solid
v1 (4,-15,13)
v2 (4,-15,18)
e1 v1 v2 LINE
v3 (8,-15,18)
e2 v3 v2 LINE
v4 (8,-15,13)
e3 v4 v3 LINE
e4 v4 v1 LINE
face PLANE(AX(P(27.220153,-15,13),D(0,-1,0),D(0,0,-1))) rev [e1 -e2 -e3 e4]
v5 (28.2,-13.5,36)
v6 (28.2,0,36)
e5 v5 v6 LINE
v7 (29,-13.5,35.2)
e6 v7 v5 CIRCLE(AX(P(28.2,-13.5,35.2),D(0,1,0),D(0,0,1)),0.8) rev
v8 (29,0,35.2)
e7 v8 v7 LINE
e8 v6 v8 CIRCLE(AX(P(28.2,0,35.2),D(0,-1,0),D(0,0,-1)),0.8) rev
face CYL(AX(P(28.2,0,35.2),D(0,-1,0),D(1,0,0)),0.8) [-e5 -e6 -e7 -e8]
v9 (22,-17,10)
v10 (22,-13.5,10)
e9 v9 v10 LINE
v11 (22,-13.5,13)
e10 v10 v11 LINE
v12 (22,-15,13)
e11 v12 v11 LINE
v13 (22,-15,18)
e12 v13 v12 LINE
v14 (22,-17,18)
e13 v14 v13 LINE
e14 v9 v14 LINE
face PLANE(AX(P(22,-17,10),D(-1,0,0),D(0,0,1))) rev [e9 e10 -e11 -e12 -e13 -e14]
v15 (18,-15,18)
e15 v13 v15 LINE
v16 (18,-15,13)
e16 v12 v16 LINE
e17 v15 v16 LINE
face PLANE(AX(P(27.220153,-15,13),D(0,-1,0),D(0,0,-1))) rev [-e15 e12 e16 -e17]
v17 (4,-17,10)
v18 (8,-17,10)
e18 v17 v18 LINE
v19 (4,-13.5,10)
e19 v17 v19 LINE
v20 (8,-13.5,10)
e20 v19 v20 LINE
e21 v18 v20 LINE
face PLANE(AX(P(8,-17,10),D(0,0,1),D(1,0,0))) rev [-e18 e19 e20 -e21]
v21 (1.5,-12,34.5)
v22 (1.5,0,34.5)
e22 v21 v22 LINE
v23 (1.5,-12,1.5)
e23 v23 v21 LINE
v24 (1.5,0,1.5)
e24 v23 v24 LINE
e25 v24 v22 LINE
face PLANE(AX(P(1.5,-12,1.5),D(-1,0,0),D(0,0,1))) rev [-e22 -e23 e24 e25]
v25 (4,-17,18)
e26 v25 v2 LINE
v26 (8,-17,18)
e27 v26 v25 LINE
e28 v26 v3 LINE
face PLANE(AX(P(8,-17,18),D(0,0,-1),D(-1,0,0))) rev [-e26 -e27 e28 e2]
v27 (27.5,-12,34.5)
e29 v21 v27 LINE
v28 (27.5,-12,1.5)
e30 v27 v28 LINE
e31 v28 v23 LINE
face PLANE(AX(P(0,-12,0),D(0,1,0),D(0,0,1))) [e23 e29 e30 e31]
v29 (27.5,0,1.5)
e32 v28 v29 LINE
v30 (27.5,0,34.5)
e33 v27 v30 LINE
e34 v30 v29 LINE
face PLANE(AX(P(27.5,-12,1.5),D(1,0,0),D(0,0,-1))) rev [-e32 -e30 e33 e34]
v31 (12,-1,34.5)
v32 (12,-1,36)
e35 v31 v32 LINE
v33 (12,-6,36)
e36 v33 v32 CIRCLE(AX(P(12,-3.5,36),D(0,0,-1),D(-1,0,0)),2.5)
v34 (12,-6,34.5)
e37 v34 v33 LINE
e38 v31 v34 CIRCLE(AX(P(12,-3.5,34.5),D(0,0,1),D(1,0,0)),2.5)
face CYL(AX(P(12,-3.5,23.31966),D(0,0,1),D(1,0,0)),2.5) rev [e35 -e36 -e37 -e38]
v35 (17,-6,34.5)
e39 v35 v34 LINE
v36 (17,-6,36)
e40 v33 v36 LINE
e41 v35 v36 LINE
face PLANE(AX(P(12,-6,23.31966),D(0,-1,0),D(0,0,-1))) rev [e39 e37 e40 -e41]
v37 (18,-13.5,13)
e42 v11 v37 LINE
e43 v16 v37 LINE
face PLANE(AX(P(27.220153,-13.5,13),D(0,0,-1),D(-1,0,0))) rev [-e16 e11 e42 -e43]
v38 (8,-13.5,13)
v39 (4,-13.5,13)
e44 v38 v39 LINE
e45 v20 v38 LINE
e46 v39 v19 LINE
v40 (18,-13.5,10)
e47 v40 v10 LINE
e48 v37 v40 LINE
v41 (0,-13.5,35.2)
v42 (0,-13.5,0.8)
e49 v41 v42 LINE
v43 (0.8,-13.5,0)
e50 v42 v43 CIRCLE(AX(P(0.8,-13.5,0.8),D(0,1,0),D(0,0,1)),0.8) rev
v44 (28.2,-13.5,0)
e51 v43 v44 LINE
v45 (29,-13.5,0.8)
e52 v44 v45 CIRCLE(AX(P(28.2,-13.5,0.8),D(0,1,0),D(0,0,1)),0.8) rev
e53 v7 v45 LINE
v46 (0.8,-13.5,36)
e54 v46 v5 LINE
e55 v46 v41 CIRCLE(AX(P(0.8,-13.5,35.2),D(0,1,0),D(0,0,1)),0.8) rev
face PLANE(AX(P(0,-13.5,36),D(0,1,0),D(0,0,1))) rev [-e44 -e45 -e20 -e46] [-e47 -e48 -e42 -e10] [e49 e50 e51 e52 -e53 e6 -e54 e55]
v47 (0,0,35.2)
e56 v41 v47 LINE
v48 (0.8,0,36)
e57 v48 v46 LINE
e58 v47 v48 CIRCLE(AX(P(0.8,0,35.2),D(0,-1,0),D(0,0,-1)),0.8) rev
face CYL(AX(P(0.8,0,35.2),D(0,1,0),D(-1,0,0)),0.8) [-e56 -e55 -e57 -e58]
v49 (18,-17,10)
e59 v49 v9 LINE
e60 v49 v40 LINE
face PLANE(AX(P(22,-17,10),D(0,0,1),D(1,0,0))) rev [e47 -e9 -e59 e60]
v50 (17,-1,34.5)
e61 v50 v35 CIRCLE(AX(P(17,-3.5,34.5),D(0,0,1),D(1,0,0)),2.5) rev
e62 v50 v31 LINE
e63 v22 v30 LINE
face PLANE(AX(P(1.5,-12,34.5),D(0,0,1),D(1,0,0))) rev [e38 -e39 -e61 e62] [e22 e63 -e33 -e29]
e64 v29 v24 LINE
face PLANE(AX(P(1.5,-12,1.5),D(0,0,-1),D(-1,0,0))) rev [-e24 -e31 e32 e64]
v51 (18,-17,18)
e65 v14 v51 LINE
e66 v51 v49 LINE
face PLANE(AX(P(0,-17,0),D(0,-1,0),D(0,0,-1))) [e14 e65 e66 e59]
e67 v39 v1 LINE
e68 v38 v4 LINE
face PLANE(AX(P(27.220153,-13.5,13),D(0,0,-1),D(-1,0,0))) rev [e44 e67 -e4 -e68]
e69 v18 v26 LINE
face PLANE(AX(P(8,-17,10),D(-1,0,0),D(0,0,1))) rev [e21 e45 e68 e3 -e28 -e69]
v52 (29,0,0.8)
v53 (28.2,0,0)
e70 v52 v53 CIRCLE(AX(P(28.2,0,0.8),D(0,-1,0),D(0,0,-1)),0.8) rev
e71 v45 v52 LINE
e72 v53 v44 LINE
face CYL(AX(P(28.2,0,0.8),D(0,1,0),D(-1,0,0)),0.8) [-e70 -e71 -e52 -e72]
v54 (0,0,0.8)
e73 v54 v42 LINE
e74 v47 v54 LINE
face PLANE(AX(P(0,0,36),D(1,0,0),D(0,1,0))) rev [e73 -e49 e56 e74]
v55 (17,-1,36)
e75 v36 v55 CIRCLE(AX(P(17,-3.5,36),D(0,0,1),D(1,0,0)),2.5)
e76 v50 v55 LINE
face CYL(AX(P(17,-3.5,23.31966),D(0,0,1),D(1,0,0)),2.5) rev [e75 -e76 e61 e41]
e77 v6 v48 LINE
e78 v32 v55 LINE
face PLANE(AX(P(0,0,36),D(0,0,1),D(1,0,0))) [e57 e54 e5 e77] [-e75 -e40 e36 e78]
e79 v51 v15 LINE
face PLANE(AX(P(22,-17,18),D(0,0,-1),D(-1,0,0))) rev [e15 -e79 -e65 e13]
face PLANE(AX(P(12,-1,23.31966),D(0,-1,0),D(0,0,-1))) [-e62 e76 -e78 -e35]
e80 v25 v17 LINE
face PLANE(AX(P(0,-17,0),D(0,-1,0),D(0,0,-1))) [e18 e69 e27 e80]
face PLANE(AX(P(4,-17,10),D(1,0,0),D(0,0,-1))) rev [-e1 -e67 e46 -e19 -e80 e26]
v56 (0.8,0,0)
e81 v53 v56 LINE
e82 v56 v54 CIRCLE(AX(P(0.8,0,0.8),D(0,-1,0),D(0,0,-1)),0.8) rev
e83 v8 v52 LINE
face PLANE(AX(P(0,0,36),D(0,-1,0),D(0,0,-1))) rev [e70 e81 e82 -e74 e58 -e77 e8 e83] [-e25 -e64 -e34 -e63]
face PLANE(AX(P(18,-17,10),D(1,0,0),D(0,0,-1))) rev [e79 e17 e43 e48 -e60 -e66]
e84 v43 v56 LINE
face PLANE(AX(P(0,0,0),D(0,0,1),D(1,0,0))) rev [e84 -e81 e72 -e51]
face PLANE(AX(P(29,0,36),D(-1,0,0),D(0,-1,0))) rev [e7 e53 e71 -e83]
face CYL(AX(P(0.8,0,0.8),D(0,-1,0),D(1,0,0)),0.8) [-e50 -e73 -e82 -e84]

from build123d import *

# Parameters (mm, degrees)
SKETCH1_W           = 29
SKETCH1_H           = 13.5
BOSS_EXTRUDE1_DEPTH = 36
SKETCH2_W           = 26
SKETCH2_H           = 33
CUT_EXTRUDE1_DEPTH  = 12
CUT_EXTRUDE2_DEPTH  = 1.5
FILLET1_R           = 0.8
SKETCH5_W           = 4
SKETCH5_H           = 8
BOSS_EXTRUDE2_DEPTH = 3.5
CUT_EXTRUDE3_REACH  = 49.011
SKETCH6_W           = 5
SKETCH6_H           = 1.5


with BuildPart() as part:
    # Sketch1 → Boss-Extrude1 (new body)
    with BuildSketch(Plane.XY):
        with Locations((14.5, -6.75)):
            Rectangle(SKETCH1_W, SKETCH1_H)
    extrude(amount=BOSS_EXTRUDE1_DEPTH)

    # Sketch2 → Cut-Extrude1 (cut)
    with BuildSketch(Plane(origin=(0, 0, 0), x_dir=(1, 0, 0), z_dir=(0, 1, 0))):
        with Locations((14.5, -18)):
            Rectangle(SKETCH2_W, SKETCH2_H)
    extrude(amount=-CUT_EXTRUDE1_DEPTH, mode=Mode.SUBTRACT)

    # Sketch3 → Cut-Extrude2 (cut)
    with BuildSketch(Plane.XY.offset(36)):
        with BuildLine():
            Line((12, -1), (17, -1))
            ThreePointArc((17, -1), (19.5, -3.5), (17, -6))
            Line((17, -6), (12, -6))
            ThreePointArc((12, -6), (9.5, -3.5), (12, -1))
        make_face()
    extrude(amount=-CUT_EXTRUDE2_DEPTH, mode=Mode.SUBTRACT)

    # Fillet1
    fillet1_edges = [part.edges().sort_by_distance(p)[0] for p in [
        (29, -6.75, 36),
        (0, -6.75, 36),
        (29, -6.75, 0),
        (0, -6.75, 0),
    ]]
    fillet(fillet1_edges, radius=FILLET1_R)

    # Sketch5 → Boss-Extrude2 (add)
    with BuildSketch(Plane.XZ.offset(13.5)):
        with Locations((20, 14)):
            Rectangle(SKETCH5_W, SKETCH5_H)
        with Locations((6, 14)):
            Rectangle(SKETCH5_W, SKETCH5_H)
    extrude(amount=BOSS_EXTRUDE2_DEPTH)

    # Cut-Extrude3: up to this face of the body (flat: up to its plane)
    cut_extrude3_end = Plane(part.part.faces().sort_by_distance((22, -15.25, 14))[0])
    # Sketch6 → Cut-Extrude3 (cut, up to the picked face)
    with BuildSketch(Plane.ZY.offset(-4), mode=Mode.PRIVATE) as cut_extrude3_sk1:
        with Locations((15.5, -14.25)):
            Rectangle(SKETCH6_W, SKETCH6_H)
    cut_extrude3_tool1 = split(extrude(cut_extrude3_sk1.sketch, amount=-CUT_EXTRUDE3_REACH, mode=Mode.PRIVATE), bisect_by=cut_extrude3_end, keep=Keep.BOTH, mode=Mode.PRIVATE)
    add(cut_extrude3_tool1.solids().sort_by(Axis((4, -14.25, 15.5), (1, 0, 0)))[0], mode=Mode.SUBTRACT)


solid = part.part
